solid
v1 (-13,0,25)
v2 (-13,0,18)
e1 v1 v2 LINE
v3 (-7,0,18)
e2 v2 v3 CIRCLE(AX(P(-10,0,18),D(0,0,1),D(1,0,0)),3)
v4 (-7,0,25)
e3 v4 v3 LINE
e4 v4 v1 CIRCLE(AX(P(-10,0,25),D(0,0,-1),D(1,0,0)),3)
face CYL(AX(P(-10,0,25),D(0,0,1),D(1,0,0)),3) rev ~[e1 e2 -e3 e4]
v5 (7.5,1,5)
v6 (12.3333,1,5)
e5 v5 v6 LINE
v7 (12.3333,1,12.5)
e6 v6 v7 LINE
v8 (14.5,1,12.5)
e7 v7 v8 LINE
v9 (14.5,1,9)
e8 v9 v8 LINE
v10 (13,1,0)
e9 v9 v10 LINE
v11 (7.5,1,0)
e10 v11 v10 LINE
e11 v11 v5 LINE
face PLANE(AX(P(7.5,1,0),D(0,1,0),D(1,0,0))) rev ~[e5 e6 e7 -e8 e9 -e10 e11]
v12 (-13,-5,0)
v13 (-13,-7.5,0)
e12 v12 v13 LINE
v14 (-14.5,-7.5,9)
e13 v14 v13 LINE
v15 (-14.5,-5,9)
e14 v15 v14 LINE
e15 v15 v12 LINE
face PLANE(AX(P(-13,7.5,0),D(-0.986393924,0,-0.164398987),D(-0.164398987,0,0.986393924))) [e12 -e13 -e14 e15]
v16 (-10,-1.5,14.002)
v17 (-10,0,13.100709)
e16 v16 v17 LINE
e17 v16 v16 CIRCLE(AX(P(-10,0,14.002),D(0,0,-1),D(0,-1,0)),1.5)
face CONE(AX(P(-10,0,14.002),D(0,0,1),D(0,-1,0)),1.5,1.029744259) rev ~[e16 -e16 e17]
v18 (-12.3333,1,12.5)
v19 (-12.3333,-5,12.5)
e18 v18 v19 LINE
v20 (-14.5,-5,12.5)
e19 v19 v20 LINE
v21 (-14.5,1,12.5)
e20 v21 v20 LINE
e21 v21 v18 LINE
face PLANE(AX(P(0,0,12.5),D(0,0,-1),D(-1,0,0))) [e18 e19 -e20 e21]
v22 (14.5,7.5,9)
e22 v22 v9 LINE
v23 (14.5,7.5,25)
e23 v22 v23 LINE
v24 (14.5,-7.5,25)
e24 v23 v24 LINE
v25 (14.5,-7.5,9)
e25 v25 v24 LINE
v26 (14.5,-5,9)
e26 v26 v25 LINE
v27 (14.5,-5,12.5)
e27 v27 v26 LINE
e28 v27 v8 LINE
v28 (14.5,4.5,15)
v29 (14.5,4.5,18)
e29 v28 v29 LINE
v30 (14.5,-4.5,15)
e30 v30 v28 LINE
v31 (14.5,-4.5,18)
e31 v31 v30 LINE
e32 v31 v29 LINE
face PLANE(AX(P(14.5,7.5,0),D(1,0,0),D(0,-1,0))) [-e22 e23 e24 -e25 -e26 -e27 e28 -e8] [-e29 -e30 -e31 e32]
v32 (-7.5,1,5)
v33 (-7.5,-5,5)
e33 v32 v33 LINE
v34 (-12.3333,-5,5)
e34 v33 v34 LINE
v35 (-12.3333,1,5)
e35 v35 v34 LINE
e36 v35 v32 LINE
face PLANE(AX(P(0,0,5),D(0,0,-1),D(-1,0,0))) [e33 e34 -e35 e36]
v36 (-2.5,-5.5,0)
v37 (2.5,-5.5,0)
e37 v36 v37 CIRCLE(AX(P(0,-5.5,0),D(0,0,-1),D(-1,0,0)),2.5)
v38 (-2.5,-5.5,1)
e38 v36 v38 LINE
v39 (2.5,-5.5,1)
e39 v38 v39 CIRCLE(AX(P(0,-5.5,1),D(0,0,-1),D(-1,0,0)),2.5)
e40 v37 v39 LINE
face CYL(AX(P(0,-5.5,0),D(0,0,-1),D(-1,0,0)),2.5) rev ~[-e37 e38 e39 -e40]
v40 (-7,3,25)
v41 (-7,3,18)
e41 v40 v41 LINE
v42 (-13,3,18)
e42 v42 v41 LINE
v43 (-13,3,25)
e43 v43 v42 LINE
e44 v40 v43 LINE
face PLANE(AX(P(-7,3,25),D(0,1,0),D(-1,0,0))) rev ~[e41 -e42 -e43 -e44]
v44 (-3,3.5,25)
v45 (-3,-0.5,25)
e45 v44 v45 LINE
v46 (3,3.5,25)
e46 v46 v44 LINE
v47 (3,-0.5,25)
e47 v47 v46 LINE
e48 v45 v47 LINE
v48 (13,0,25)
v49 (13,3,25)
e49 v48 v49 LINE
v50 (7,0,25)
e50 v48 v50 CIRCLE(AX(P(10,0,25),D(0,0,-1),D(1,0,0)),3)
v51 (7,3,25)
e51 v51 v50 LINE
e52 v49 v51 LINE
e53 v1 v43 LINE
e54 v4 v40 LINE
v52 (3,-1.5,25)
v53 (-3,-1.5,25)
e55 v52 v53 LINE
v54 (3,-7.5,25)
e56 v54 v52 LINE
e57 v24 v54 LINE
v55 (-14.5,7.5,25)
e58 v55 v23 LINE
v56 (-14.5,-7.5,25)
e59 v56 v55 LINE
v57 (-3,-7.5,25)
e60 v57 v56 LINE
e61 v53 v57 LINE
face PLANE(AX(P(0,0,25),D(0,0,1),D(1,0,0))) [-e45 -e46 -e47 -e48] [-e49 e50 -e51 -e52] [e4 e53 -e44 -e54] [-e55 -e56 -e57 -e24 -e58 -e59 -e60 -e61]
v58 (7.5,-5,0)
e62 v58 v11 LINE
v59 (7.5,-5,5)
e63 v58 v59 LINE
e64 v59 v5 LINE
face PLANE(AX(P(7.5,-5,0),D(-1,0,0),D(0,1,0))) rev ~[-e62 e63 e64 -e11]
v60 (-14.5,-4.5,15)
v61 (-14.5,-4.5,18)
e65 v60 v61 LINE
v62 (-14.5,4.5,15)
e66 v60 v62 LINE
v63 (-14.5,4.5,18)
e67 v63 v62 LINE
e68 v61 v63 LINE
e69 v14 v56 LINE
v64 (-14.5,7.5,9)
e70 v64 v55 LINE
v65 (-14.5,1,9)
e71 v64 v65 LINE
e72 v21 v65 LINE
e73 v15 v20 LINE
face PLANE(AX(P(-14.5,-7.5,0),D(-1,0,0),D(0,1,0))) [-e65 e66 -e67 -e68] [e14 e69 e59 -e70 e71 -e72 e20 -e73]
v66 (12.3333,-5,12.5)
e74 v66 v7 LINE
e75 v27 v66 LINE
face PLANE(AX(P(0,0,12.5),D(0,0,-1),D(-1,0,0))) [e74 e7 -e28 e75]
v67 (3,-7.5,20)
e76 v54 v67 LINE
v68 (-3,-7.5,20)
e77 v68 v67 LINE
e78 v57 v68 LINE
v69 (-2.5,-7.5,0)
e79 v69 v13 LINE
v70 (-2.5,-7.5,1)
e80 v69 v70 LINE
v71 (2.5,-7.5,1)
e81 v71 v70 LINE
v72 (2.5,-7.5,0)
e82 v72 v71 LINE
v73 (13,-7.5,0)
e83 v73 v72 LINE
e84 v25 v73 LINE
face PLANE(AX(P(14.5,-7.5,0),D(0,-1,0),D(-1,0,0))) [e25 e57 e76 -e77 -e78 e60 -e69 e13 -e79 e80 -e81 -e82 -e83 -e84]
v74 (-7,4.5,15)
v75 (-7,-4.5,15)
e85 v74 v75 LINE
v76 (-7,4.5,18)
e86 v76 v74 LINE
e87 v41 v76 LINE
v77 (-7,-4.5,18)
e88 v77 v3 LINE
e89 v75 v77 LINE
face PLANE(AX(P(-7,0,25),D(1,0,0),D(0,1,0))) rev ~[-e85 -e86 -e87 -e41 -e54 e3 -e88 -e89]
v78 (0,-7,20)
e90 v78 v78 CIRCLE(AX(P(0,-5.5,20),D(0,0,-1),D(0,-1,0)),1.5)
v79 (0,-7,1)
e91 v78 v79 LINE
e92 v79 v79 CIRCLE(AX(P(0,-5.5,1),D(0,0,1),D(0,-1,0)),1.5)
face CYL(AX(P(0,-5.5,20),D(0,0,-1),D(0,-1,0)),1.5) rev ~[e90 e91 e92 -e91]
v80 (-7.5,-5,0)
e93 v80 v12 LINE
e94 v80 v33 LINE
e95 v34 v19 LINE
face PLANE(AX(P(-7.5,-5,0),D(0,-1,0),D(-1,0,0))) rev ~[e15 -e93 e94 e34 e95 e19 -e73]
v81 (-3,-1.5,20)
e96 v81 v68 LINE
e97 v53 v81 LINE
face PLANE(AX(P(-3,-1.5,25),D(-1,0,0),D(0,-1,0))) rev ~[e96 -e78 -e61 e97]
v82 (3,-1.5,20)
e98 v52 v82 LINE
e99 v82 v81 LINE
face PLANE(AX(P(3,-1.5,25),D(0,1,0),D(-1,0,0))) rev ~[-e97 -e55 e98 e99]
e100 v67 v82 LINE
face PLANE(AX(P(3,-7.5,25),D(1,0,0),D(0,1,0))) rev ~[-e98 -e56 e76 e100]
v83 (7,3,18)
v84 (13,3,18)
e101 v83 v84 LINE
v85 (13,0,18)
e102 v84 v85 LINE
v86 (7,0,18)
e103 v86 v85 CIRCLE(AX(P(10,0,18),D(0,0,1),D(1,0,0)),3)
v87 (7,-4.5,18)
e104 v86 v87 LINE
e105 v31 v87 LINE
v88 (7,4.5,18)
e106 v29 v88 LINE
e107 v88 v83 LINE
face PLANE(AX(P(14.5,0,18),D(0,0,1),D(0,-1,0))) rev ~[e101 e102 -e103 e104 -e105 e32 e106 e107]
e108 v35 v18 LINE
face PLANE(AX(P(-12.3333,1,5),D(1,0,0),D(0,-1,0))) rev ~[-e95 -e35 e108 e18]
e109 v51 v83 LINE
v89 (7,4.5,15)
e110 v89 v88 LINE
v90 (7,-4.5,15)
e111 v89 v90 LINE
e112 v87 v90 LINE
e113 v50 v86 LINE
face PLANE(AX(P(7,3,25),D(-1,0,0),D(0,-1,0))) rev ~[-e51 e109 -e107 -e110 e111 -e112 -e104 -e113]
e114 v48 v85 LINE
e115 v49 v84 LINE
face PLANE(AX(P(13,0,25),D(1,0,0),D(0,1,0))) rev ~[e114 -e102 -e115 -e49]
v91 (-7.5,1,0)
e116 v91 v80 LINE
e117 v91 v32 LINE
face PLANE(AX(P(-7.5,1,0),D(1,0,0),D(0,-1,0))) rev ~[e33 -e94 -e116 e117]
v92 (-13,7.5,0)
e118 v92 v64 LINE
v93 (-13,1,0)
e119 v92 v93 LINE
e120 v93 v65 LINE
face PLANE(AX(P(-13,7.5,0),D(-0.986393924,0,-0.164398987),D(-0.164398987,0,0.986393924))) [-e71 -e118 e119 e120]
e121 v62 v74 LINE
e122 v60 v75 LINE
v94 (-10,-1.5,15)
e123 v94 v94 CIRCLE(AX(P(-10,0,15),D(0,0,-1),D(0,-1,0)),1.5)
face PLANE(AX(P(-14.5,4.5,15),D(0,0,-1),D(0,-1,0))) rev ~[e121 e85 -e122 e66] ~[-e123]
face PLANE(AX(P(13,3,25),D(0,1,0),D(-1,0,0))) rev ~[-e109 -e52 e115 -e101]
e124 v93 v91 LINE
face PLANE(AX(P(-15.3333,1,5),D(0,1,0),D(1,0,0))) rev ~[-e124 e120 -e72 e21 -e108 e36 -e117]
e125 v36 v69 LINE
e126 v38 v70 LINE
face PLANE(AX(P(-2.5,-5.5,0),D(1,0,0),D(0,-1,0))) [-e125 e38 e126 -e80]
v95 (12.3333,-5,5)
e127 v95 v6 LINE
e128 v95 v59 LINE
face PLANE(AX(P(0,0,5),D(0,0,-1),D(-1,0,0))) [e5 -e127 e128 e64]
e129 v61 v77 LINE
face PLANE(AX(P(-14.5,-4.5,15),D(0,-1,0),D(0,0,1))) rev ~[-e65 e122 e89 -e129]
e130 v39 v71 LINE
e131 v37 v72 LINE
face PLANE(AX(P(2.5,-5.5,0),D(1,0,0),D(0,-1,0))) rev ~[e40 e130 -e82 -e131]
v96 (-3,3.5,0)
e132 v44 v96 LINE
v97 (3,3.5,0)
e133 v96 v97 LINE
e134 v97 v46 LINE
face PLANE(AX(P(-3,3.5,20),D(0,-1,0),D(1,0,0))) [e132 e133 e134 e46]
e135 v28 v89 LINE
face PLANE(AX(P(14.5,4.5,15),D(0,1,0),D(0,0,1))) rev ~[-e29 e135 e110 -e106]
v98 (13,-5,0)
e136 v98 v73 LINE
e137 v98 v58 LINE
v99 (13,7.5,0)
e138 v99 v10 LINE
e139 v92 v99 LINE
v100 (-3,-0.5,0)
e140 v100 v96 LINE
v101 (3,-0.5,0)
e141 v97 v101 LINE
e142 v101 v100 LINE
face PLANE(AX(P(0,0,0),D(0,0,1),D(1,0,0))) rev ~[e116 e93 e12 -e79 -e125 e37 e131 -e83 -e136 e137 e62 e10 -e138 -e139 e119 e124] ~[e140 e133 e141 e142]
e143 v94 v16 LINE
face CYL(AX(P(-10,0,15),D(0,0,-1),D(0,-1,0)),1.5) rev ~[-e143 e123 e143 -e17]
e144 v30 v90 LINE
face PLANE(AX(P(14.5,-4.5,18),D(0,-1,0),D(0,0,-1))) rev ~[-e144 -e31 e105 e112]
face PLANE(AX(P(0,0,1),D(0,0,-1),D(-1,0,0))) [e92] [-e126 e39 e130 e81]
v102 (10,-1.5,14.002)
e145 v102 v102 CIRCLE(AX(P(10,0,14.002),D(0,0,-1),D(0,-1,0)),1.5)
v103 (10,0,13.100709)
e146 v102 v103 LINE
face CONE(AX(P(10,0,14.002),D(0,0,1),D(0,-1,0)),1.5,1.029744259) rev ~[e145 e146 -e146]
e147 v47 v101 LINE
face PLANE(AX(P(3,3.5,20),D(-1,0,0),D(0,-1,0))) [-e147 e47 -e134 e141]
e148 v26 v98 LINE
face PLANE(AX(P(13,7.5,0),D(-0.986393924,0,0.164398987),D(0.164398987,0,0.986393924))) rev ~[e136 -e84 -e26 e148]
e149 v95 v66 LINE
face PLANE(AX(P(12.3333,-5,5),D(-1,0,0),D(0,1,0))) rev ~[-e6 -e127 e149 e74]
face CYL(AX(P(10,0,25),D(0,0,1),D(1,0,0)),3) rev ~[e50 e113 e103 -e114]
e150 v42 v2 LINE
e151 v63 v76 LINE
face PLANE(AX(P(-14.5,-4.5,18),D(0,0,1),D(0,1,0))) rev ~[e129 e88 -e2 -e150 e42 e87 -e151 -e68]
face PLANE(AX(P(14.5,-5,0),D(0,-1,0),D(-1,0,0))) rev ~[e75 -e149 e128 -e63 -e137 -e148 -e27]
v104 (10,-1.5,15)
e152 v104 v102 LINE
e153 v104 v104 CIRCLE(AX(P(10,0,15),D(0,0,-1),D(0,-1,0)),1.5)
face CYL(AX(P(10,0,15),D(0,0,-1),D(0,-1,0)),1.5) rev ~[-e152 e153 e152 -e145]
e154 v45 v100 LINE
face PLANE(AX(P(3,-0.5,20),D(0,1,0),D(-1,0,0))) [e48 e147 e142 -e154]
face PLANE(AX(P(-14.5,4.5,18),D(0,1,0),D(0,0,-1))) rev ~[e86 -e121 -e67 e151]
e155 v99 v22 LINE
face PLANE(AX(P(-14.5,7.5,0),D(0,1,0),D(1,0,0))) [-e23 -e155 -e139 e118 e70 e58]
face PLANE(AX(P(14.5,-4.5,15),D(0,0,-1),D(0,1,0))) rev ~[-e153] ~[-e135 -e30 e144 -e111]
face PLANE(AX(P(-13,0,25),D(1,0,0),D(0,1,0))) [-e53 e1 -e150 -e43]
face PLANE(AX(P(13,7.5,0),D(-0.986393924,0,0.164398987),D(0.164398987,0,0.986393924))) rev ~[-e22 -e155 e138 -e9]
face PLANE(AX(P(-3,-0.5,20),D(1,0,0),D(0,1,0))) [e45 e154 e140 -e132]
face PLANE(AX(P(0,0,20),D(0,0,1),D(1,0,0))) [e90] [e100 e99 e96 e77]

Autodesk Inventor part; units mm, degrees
ref_plane "YZ Plane" through (0, 0, 0) normal (1, 0, 0) x (0, 1, 0)
ref_plane "XZ Plane" through (0, 0, 0) normal (0, 1, 0) x (-1, 0, 0)
ref_plane "XY Plane" through (0, 0, 0) normal (0, 0, 1) x (1, 0, 0)
sketch "Esboço1" plane through (0, 0, 0) normal (0, 0, 1) x (1, 0, 0)
  line L0 (-14.5, 7.5) -> (14.5, 7.5)
  line L1 (14.5, 7.5) -> (14.5, -7.5)
  line L2 (14.5, -7.5) -> (-14.5, -7.5)
  line L3 (-14.5, -7.5) -> (-14.5, 7.5)
  line L4 (-14.5, 7.5) -> (14.5, -7.5) construction
  line L5 (14.5, 7.5) -> (-14.5, -7.5) construction
  point P0 (0, 0)
  dimension "d0" = 29
  dimension "d1" = 15
extrude "Extrusão1" add sketch "Esboço1" along normal blind 25
sketch "Esboço2" plane through (-14.5, 7.5, 0) normal (0, 1, 0) x (1, 0, 0)
  line L0 (0, 0) -> (0, -25) projected
  line L1 (0, 0) -> (0, -9)
  line L2 (29, 0) -> (29, -25) projected
  line L3 (29, 0) -> (29, -9)
  line L4 (1.5, 0) -> (27.5, 0)
  line L5 (27.5, 0) -> (27.5, -9)
  line L6 (27.5, -9) -> (1.5, -9)
  line L7 (1.5, -9) -> (1.5, 0)
  line L8 (1.5, 0) -> (27.5, -9) construction
  line L9 (27.5, 0) -> (1.5, -9) construction
  line L10 (1.5, 0) -> (0, -9)
  line L11 (27.5, 0) -> (29, -9)
  line L12 (29, 0) -> (0, 0) projected
  line L13 (0, 0) -> (0, -25) projected
  line L14 (29, -25) -> (0, -25) projected
  line L15 (29, 0) -> (29, -25) projected
  point P0 (14.5, 0)
  point P1 (14.5, -4.5)
  dimension "d4" = 9
  dimension "d5" = 9
  dimension "d6" = 26
extrude "Extrusão2" cut sketch "Esboço2" against normal through all contours L12 L10 L0 | L12 L2 L11
sketch "Esboço3" plane through (0, 0, 25) normal (0, 0, 1) x (1, 0, 0)
  circle A0 centre (10, 0) radius 3
  circle A1 centre (-10, 0) radius 3
  line L0 (-13, -7.5) -> (-13, 7.5) projected
  line L1 (-7, 3) -> (-13, 3)
  line L2 (-13, 3) -> (-13, -3)
  line L3 (-13, -3) -> (-7, -3)
  line L4 (-7, -3) -> (-7, 3)
  line L5 (-7, 3) -> (-13, -3) construction
  line L6 (-13, 3) -> (-7, -3) construction
  line L7 (13, 3) -> (7, 3)
  line L8 (7, 3) -> (7, -3)
  line L9 (7, -3) -> (13, -3)
  line L10 (13, -3) -> (13, 3)
  line L11 (13, 3) -> (7, -3) construction
  line L12 (7, 3) -> (13, -3) construction
  line L13 (3, -1.5) -> (-3, -1.5)
  line L14 (-3, -1.5) -> (-3, -7.5)
  line L15 (-3, -7.5) -> (3, -7.5)
  line L16 (3, -7.5) -> (3, -1.5)
  line L17 (3, -1.5) -> (-3, -7.5) construction
  line L18 (-3, -1.5) -> (3, -7.5) construction
  line L19 (-14.5, -7.5) -> (14.5, -7.5) projected
  point P0 (0, 0)
  point P1 (0, -4.5)
  point P2 (-7, 0)
  point P3 (-13, 0)
  point P4 (7, 0)
  point P5 (13, 0)
  dimension "d9" = 6
  dimension "d10" = 6
  dimension "d11" = 10
  dimension "d12" = 10
  dimension "d13" = 6
  dimension "d14" = 6
  dimension "d15" = 0
extrude "Extrusão3" cut sketch "Esboço3" against normal blind 10 contours A0 | A0 L7 L10 | A0 L8 L7 | A1 | A1 L1 L4 | A1 L0 L1
sketch "Esboço4" plane through (-14.5, -7.5, 25) normal (-1, 0, 0) x (0, 0, 1)
  line L0 (-7, 12) -> (-10, 12)
  line L1 (-10, 12) -> (-10, 3)
  line L2 (-10, 3) -> (-7, 3)
  line L3 (-7, 3) -> (-7, 12)
  line L4 (-7, 12) -> (-10, 3) construction
  line L5 (-10, 12) -> (-7, 3) construction
  line L6 (-10, 7.5) -> (-10, 10.5) projected
  point P0 (-25, 7.5)
  point P1 (-8.5, 7.5)
  dimension "d18" = 3
  dimension "d19" = 9
  dimension "d20" = 0
extrude "Extrusão4" cut sketch "Esboço4" against normal blind 7.5
sketch "Esboço5" plane through (14.5, -7.5, 25) normal (1, 0, 0) x (0, 0, -1)
  line L0 (7, 3) -> (10, 3)
  line L1 (10, 3) -> (10, 12)
  line L2 (10, 12) -> (7, 12)
  line L3 (7, 12) -> (7, 3)
  line L4 (0, 7.5) -> (10, 7.5) projected
  line L5 (7, 3) -> (10, 12) construction
  line L6 (10, 3) -> (7, 12) construction
  line L7 (10, 4.5) -> (10, 7.5) projected
  point P0 (25, 7.5)
  point P1 (8.5, 7.5)
  dimension "d23" = 3
  dimension "d24" = 9
  dimension "d25" = 0
extrude "Extrusão5" cut sketch "Esboço5" against normal blind 7.5
sketch "Esboço6" plane through (0, 0, 25) normal (0, 0, 1) x (1, 0, 0)
  line L0 (-3, -7.5) -> (3, -7.5)
  line L1 (3, -7.5) -> (3, -1.5)
  line L2 (3, -1.5) -> (-3, -1.5)
  line L3 (-3, -1.5) -> (-3, -7.5)
  line L4 (-3, -7.5) -> (3, -1.5) construction
  line L5 (3, -7.5) -> (-3, -1.5) construction
  line L6 (-14.5, -7.5) -> (14.5, -7.5) projected
  line L7 (-3, -0.5) -> (3, -0.5)
  line L8 (3, -0.5) -> (3, 3.5)
  line L9 (3, 3.5) -> (-3, 3.5)
  line L10 (-3, 3.5) -> (-3, -0.5)
  line L11 (-3, -0.5) -> (3, 3.5) construction
  line L12 (3, -0.5) -> (-3, 3.5) construction
  point P0 (0, 0)
  point P1 (0, -4.5)
  point P2 (0, 1.5)
  dimension "d28" = 6
  dimension "d29" = 6
  dimension "d30" = 0
  dimension "d31" = 6
  dimension "d32" = 4
extrude "Extrusão6" cut sketch "Esboço6" against normal blind 5
sketch "Esboço8" plane through (0, 0, 20) normal (0, 0, 1) x (1, 0, 0)
  line L0 (3, -7.5) -> (-3, -7.5) projected
  point P0 (0, 0)
  point P1 (0, -5.5)
  point P2 (0, -7.5)
  dimension "d42" = 2
  dimension "d43" = 0
hole "Furo1" at (0, -5.5, 20) direction (0, 0, -1) diameter 3 end through all
sketch "Esboço9" plane through (0, 0, 0) normal (0, 0, -1) x (-1, 0, 0)
  circle A0 centre (0, -5.5) radius 1.5 projected
  circle A1 centre (0, -5.5) radius 2.5
  line L0 (2.5, -5.5) -> (2.5, -7.5)
  line L1 (13, -7.5) -> (-13, -7.5) projected
  line L2 (-2.5, -5.5) -> (-2.5, -7.5)
  line L3 (2.5, -7.5) -> (-2.5, -7.5)
  point P0 (0, 0)
  point P1 (-1.5, -7.5)
  point P2 (1.5, -7.5)
  point P3 (-1.5, -7.5)
  dimension "d44" = 5
extrude "Extrusão7" cut sketch "Esboço9" against normal blind 1 contours A1 L1 | L0 L1 A1 | A1 L1 L2 picked at (0.0603, -7.3297)
sketch "Esboço10" plane through (0, 0, 0) normal (0, 0, -1) x (-1, 0, 0)
  line L0 (14.5, 1) -> (7.5, 1)
  line L1 (7.5, 1) -> (7.5, -5)
  line L2 (7.5, -5) -> (14.5, -5)
  line L3 (14.5, -5) -> (14.5, 1)
  line L4 (14.5, 1) -> (7.5, -5) construction
  line L5 (7.5, 1) -> (14.5, -5) construction
  line L6 (14.5, 7.5) -> (14.5, -7.5) projected
  line L7 (13, -7.5) -> (2.5, -7.5) projected
  line L8 (-7.5, 1) -> (-14.5, 1)
  line L9 (-14.5, 1) -> (-14.5, -5)
  line L10 (-14.5, -5) -> (-7.5, -5)
  line L11 (-7.5, -5) -> (-7.5, 1)
  line L12 (-7.5, 1) -> (-14.5, -5) construction
  line L13 (-14.5, 1) -> (-7.5, -5) construction
  line L14 (-14.5, -7.5) -> (-14.5, 7.5) projected
  line L15 (-2.5, -7.5) -> (-13, -7.5) projected
  point P0 (0, 0)
  point P1 (11, -2)
  point P2 (11, -5)
  point P3 (-11, -2)
  dimension "d47" = 7
  dimension "d48" = 6
  dimension "d49" = 0
  dimension "d50" = 2.5
  dimension "d51" = 7
  dimension "d52" = 6
  dimension "d53" = 0
  dimension "d54" = 2.5
extrude "Extrusão8" cut sketch "Esboço10" against normal blind 5
sketch "Esboço11" plane through (0, 0, 5) normal (0, 0, -1) x (-1, 0, 0)
  line L0 (15.3333, 1) -> (12.3333, 1)
  line L1 (12.3333, 1) -> (12.3333, -5)
  line L2 (12.3333, -5) -> (15.3333, -5)
  line L3 (15.3333, -5) -> (15.3333, 1)
  line L4 (13.8333, 1) -> (13.8333, -5) projected
  line L5 (15.3333, 1) -> (12.3333, -5) construction
  line L6 (12.3333, 1) -> (15.3333, -5) construction
  line L7 (-12.3333, 1) -> (-15.3333, 1)
  line L8 (-15.3333, 1) -> (-15.3333, -5)
  line L9 (-15.3333, -5) -> (-12.3333, -5)
  line L10 (-12.3333, -5) -> (-12.3333, 1)
  line L11 (-13.8333, -5) -> (-13.8333, 1) projected
  line L12 (-12.3333, 1) -> (-15.3333, -5) construction
  line L13 (-15.3333, 1) -> (-12.3333, -5) construction
  point P0 (0, 0)
  point P1 (13.8333, -2)
  point P2 (-13.8333, -2)
  dimension "d57" = 3
  dimension "d58" = 6
  dimension "d59" = 3
  dimension "d60" = 6
extrude "Extrusão9" cut sketch "Esboço11" against normal blind 7.5
sketch "Esboço12" plane through (0, 0, 15) normal (0, 0, 1) x (1, 0, 0)
  arc A0 (7, 0) -> (13, 0) centre (10, 0) ccw projected
  arc A1 (-13, 0) -> (-7, 0) centre (-10, 0) ccw projected
  point P0 (0, 0)
  dimension "d70" = 0
  dimension "d71" = 0
  dimension "d72" = 0
  dimension "d73" = 0
hole "Furo2" at (10, 0, 15) at (-10, 0, 15) direction (0, 0, -1) diameter 3 depth 0.998 tip angle 118
sketch "Esboço14" plane through (0, 0, 20) normal (0, 0, 1) x (1, 0, 0)
  line L0 (3, 3.5) -> (3, -0.5) projected
  line L1 (-3, 3.5) -> (3, 3.5) projected
  line L2 (-3, -0.5) -> (-3, 3.5) projected
  line L3 (3, -0.5) -> (-3, -0.5) projected
  point P0 (0, 0)
extrude "Extrusão11" cut sketch "Esboço14" against normal through all
properties part number "BLOCO DE CONTATO"
